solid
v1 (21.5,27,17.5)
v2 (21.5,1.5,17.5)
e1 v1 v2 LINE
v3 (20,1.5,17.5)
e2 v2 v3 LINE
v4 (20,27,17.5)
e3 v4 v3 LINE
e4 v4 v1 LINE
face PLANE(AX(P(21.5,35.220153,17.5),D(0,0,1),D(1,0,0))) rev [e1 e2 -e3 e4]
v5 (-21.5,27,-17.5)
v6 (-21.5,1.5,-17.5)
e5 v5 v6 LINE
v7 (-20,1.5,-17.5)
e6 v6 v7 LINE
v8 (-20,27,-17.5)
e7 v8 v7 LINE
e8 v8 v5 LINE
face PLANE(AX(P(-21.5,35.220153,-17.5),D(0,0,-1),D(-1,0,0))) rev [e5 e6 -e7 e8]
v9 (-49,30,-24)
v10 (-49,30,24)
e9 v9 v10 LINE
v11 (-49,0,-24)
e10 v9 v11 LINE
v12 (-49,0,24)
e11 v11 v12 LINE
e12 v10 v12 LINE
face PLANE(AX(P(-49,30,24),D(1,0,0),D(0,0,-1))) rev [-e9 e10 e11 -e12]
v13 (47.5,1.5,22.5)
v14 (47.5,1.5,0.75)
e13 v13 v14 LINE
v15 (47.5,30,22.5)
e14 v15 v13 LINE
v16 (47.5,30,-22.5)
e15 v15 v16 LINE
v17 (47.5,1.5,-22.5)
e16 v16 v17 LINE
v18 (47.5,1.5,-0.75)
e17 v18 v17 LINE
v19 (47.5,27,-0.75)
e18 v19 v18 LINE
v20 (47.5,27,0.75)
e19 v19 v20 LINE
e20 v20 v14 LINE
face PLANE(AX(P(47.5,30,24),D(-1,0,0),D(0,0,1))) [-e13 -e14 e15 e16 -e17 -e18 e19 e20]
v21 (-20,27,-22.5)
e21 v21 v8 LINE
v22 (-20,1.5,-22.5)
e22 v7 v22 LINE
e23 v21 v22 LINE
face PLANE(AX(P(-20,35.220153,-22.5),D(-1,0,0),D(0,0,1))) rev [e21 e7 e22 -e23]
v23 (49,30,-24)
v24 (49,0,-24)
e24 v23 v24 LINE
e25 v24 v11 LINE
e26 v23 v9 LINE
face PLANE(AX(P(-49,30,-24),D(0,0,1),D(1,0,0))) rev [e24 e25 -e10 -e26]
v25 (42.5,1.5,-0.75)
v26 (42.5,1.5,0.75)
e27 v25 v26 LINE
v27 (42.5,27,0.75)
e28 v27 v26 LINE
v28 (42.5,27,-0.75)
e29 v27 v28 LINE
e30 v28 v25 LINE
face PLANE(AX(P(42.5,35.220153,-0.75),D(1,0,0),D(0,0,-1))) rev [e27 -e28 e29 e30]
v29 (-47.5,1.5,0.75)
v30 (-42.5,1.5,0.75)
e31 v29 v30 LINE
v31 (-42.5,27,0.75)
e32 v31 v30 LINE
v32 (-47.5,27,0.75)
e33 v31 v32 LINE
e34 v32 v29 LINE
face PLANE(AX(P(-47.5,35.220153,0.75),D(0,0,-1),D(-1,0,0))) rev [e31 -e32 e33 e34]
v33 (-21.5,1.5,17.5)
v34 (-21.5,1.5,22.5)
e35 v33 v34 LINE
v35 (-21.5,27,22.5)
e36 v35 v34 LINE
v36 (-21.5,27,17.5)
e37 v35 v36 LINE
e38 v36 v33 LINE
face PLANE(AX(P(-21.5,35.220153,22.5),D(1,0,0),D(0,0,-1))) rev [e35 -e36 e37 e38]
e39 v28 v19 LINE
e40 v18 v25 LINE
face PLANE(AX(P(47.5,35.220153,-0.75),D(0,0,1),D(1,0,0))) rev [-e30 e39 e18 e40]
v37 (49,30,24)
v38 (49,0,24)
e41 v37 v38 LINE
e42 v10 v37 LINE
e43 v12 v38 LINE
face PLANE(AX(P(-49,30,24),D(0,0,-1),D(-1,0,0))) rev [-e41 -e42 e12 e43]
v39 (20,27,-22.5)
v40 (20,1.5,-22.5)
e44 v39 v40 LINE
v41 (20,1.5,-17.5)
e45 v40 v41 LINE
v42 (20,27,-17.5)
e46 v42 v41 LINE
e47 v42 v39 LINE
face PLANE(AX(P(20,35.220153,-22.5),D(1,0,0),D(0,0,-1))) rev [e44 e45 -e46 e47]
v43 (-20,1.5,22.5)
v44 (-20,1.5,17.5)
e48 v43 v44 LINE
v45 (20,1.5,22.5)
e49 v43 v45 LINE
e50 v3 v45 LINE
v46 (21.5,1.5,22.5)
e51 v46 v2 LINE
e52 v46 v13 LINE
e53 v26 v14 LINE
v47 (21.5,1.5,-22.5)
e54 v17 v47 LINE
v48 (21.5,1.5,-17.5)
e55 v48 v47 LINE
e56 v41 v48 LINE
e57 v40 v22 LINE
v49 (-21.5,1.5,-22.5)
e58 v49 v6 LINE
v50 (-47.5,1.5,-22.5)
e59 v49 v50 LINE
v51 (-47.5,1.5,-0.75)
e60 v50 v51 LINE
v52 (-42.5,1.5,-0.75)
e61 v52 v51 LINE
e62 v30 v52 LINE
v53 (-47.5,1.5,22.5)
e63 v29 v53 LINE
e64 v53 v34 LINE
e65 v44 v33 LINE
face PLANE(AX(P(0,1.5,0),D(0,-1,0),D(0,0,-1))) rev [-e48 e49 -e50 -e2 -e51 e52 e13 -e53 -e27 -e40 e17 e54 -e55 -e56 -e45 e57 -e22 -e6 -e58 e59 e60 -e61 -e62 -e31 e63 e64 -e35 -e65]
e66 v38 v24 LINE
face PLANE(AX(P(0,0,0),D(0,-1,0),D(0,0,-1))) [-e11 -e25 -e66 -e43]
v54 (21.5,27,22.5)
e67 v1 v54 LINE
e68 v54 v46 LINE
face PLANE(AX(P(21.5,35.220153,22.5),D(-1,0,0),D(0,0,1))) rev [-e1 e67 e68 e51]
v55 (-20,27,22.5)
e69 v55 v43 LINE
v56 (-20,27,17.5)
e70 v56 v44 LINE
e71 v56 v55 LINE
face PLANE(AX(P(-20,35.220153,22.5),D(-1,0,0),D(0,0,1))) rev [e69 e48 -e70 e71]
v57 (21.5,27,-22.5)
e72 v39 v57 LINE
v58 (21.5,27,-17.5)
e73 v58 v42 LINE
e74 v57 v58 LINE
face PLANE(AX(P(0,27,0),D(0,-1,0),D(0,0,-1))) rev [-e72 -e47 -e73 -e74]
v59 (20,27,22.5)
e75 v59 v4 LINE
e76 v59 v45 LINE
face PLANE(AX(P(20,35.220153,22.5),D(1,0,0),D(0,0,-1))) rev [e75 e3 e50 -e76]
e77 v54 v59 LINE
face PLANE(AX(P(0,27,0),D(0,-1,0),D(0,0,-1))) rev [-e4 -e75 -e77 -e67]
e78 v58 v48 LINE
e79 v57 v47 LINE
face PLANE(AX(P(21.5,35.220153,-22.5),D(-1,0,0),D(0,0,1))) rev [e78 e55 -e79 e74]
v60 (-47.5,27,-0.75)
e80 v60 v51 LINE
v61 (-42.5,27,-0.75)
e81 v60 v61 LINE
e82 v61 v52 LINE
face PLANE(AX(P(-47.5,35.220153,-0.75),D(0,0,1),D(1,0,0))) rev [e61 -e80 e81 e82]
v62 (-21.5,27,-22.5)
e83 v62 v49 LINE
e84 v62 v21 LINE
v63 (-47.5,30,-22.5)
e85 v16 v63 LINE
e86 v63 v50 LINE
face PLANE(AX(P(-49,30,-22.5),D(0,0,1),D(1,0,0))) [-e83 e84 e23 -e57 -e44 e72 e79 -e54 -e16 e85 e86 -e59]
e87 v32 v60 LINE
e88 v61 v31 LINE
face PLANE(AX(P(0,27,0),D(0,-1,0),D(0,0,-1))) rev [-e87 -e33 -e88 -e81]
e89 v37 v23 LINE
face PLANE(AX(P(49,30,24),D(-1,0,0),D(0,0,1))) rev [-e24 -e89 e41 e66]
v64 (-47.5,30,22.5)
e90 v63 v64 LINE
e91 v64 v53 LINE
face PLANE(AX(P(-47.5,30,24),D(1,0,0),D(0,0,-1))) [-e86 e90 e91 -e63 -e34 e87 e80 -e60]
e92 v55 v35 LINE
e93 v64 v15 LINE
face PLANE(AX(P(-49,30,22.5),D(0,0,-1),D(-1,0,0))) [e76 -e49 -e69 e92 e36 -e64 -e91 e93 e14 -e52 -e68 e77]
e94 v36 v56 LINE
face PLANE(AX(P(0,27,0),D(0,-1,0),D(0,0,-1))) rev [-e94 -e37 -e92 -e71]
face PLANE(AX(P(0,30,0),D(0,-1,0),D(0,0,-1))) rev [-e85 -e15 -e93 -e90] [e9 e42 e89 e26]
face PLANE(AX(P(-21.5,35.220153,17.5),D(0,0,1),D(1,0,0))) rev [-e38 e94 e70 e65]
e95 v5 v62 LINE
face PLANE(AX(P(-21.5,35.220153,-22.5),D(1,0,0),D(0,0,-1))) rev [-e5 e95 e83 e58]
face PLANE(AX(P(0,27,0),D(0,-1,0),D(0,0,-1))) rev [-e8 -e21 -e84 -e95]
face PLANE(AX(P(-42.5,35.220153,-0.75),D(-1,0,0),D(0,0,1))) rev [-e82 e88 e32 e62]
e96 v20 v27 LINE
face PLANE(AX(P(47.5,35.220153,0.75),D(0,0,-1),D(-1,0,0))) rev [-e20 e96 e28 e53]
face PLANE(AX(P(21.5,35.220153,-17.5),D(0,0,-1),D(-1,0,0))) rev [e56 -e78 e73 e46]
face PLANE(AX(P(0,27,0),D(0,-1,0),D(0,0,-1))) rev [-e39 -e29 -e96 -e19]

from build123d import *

# Parameters (mm, degrees)
SKETCH1_W           = 98
SKETCH1_H           = 48
BOSS_EXTRUDE1_DEPTH = 30
SHELL1_T            = -1.5
SKETCH2_W           = 1.5
SKETCH2_H           = 5
SKETCH2_W_2         = 5
SKETCH2_H_2         = 1.5
BOSS_EXTRUDE2_DEPTH = 25.5


with BuildPart() as part:
    # Sketch1 → Boss-Extrude1 (new body)
    with BuildSketch(Plane(origin=(0, 0, 0), x_dir=(1, 0, 0), z_dir=(0, 1, 0))):
        Rectangle(SKETCH1_W, SKETCH1_H)
    extrude(amount=BOSS_EXTRUDE1_DEPTH)

    # Shell1
    shell1_openings = [part.faces().sort_by_distance(p)[0] for p in [
        (0, 30, 0),
    ]]
    offset(amount=SHELL1_T, openings=shell1_openings, kind=Kind.INTERSECTION)

    # Sketch2 → Boss-Extrude2 (add)
    with BuildSketch(Plane(origin=(0, 1.5, 0), x_dir=(1, 0, 0), z_dir=(0, 1, 0))):
        with Locations((-20.75, 20)):
            Rectangle(SKETCH2_W, SKETCH2_H)
        with Locations((20.75, 20)):
            Rectangle(SKETCH2_W, SKETCH2_H)
        with Locations((20.75, -20)):
            Rectangle(SKETCH2_W, SKETCH2_H)
        with Locations((-20.75, -20)):
            Rectangle(SKETCH2_W, SKETCH2_H)
        with Locations((45, 0)):
            Rectangle(SKETCH2_W_2, SKETCH2_H_2)
        with Locations((-45, 0)):
            Rectangle(SKETCH2_W_2, SKETCH2_H_2)
    extrude(amount=BOSS_EXTRUDE2_DEPTH)


solid = part.part
